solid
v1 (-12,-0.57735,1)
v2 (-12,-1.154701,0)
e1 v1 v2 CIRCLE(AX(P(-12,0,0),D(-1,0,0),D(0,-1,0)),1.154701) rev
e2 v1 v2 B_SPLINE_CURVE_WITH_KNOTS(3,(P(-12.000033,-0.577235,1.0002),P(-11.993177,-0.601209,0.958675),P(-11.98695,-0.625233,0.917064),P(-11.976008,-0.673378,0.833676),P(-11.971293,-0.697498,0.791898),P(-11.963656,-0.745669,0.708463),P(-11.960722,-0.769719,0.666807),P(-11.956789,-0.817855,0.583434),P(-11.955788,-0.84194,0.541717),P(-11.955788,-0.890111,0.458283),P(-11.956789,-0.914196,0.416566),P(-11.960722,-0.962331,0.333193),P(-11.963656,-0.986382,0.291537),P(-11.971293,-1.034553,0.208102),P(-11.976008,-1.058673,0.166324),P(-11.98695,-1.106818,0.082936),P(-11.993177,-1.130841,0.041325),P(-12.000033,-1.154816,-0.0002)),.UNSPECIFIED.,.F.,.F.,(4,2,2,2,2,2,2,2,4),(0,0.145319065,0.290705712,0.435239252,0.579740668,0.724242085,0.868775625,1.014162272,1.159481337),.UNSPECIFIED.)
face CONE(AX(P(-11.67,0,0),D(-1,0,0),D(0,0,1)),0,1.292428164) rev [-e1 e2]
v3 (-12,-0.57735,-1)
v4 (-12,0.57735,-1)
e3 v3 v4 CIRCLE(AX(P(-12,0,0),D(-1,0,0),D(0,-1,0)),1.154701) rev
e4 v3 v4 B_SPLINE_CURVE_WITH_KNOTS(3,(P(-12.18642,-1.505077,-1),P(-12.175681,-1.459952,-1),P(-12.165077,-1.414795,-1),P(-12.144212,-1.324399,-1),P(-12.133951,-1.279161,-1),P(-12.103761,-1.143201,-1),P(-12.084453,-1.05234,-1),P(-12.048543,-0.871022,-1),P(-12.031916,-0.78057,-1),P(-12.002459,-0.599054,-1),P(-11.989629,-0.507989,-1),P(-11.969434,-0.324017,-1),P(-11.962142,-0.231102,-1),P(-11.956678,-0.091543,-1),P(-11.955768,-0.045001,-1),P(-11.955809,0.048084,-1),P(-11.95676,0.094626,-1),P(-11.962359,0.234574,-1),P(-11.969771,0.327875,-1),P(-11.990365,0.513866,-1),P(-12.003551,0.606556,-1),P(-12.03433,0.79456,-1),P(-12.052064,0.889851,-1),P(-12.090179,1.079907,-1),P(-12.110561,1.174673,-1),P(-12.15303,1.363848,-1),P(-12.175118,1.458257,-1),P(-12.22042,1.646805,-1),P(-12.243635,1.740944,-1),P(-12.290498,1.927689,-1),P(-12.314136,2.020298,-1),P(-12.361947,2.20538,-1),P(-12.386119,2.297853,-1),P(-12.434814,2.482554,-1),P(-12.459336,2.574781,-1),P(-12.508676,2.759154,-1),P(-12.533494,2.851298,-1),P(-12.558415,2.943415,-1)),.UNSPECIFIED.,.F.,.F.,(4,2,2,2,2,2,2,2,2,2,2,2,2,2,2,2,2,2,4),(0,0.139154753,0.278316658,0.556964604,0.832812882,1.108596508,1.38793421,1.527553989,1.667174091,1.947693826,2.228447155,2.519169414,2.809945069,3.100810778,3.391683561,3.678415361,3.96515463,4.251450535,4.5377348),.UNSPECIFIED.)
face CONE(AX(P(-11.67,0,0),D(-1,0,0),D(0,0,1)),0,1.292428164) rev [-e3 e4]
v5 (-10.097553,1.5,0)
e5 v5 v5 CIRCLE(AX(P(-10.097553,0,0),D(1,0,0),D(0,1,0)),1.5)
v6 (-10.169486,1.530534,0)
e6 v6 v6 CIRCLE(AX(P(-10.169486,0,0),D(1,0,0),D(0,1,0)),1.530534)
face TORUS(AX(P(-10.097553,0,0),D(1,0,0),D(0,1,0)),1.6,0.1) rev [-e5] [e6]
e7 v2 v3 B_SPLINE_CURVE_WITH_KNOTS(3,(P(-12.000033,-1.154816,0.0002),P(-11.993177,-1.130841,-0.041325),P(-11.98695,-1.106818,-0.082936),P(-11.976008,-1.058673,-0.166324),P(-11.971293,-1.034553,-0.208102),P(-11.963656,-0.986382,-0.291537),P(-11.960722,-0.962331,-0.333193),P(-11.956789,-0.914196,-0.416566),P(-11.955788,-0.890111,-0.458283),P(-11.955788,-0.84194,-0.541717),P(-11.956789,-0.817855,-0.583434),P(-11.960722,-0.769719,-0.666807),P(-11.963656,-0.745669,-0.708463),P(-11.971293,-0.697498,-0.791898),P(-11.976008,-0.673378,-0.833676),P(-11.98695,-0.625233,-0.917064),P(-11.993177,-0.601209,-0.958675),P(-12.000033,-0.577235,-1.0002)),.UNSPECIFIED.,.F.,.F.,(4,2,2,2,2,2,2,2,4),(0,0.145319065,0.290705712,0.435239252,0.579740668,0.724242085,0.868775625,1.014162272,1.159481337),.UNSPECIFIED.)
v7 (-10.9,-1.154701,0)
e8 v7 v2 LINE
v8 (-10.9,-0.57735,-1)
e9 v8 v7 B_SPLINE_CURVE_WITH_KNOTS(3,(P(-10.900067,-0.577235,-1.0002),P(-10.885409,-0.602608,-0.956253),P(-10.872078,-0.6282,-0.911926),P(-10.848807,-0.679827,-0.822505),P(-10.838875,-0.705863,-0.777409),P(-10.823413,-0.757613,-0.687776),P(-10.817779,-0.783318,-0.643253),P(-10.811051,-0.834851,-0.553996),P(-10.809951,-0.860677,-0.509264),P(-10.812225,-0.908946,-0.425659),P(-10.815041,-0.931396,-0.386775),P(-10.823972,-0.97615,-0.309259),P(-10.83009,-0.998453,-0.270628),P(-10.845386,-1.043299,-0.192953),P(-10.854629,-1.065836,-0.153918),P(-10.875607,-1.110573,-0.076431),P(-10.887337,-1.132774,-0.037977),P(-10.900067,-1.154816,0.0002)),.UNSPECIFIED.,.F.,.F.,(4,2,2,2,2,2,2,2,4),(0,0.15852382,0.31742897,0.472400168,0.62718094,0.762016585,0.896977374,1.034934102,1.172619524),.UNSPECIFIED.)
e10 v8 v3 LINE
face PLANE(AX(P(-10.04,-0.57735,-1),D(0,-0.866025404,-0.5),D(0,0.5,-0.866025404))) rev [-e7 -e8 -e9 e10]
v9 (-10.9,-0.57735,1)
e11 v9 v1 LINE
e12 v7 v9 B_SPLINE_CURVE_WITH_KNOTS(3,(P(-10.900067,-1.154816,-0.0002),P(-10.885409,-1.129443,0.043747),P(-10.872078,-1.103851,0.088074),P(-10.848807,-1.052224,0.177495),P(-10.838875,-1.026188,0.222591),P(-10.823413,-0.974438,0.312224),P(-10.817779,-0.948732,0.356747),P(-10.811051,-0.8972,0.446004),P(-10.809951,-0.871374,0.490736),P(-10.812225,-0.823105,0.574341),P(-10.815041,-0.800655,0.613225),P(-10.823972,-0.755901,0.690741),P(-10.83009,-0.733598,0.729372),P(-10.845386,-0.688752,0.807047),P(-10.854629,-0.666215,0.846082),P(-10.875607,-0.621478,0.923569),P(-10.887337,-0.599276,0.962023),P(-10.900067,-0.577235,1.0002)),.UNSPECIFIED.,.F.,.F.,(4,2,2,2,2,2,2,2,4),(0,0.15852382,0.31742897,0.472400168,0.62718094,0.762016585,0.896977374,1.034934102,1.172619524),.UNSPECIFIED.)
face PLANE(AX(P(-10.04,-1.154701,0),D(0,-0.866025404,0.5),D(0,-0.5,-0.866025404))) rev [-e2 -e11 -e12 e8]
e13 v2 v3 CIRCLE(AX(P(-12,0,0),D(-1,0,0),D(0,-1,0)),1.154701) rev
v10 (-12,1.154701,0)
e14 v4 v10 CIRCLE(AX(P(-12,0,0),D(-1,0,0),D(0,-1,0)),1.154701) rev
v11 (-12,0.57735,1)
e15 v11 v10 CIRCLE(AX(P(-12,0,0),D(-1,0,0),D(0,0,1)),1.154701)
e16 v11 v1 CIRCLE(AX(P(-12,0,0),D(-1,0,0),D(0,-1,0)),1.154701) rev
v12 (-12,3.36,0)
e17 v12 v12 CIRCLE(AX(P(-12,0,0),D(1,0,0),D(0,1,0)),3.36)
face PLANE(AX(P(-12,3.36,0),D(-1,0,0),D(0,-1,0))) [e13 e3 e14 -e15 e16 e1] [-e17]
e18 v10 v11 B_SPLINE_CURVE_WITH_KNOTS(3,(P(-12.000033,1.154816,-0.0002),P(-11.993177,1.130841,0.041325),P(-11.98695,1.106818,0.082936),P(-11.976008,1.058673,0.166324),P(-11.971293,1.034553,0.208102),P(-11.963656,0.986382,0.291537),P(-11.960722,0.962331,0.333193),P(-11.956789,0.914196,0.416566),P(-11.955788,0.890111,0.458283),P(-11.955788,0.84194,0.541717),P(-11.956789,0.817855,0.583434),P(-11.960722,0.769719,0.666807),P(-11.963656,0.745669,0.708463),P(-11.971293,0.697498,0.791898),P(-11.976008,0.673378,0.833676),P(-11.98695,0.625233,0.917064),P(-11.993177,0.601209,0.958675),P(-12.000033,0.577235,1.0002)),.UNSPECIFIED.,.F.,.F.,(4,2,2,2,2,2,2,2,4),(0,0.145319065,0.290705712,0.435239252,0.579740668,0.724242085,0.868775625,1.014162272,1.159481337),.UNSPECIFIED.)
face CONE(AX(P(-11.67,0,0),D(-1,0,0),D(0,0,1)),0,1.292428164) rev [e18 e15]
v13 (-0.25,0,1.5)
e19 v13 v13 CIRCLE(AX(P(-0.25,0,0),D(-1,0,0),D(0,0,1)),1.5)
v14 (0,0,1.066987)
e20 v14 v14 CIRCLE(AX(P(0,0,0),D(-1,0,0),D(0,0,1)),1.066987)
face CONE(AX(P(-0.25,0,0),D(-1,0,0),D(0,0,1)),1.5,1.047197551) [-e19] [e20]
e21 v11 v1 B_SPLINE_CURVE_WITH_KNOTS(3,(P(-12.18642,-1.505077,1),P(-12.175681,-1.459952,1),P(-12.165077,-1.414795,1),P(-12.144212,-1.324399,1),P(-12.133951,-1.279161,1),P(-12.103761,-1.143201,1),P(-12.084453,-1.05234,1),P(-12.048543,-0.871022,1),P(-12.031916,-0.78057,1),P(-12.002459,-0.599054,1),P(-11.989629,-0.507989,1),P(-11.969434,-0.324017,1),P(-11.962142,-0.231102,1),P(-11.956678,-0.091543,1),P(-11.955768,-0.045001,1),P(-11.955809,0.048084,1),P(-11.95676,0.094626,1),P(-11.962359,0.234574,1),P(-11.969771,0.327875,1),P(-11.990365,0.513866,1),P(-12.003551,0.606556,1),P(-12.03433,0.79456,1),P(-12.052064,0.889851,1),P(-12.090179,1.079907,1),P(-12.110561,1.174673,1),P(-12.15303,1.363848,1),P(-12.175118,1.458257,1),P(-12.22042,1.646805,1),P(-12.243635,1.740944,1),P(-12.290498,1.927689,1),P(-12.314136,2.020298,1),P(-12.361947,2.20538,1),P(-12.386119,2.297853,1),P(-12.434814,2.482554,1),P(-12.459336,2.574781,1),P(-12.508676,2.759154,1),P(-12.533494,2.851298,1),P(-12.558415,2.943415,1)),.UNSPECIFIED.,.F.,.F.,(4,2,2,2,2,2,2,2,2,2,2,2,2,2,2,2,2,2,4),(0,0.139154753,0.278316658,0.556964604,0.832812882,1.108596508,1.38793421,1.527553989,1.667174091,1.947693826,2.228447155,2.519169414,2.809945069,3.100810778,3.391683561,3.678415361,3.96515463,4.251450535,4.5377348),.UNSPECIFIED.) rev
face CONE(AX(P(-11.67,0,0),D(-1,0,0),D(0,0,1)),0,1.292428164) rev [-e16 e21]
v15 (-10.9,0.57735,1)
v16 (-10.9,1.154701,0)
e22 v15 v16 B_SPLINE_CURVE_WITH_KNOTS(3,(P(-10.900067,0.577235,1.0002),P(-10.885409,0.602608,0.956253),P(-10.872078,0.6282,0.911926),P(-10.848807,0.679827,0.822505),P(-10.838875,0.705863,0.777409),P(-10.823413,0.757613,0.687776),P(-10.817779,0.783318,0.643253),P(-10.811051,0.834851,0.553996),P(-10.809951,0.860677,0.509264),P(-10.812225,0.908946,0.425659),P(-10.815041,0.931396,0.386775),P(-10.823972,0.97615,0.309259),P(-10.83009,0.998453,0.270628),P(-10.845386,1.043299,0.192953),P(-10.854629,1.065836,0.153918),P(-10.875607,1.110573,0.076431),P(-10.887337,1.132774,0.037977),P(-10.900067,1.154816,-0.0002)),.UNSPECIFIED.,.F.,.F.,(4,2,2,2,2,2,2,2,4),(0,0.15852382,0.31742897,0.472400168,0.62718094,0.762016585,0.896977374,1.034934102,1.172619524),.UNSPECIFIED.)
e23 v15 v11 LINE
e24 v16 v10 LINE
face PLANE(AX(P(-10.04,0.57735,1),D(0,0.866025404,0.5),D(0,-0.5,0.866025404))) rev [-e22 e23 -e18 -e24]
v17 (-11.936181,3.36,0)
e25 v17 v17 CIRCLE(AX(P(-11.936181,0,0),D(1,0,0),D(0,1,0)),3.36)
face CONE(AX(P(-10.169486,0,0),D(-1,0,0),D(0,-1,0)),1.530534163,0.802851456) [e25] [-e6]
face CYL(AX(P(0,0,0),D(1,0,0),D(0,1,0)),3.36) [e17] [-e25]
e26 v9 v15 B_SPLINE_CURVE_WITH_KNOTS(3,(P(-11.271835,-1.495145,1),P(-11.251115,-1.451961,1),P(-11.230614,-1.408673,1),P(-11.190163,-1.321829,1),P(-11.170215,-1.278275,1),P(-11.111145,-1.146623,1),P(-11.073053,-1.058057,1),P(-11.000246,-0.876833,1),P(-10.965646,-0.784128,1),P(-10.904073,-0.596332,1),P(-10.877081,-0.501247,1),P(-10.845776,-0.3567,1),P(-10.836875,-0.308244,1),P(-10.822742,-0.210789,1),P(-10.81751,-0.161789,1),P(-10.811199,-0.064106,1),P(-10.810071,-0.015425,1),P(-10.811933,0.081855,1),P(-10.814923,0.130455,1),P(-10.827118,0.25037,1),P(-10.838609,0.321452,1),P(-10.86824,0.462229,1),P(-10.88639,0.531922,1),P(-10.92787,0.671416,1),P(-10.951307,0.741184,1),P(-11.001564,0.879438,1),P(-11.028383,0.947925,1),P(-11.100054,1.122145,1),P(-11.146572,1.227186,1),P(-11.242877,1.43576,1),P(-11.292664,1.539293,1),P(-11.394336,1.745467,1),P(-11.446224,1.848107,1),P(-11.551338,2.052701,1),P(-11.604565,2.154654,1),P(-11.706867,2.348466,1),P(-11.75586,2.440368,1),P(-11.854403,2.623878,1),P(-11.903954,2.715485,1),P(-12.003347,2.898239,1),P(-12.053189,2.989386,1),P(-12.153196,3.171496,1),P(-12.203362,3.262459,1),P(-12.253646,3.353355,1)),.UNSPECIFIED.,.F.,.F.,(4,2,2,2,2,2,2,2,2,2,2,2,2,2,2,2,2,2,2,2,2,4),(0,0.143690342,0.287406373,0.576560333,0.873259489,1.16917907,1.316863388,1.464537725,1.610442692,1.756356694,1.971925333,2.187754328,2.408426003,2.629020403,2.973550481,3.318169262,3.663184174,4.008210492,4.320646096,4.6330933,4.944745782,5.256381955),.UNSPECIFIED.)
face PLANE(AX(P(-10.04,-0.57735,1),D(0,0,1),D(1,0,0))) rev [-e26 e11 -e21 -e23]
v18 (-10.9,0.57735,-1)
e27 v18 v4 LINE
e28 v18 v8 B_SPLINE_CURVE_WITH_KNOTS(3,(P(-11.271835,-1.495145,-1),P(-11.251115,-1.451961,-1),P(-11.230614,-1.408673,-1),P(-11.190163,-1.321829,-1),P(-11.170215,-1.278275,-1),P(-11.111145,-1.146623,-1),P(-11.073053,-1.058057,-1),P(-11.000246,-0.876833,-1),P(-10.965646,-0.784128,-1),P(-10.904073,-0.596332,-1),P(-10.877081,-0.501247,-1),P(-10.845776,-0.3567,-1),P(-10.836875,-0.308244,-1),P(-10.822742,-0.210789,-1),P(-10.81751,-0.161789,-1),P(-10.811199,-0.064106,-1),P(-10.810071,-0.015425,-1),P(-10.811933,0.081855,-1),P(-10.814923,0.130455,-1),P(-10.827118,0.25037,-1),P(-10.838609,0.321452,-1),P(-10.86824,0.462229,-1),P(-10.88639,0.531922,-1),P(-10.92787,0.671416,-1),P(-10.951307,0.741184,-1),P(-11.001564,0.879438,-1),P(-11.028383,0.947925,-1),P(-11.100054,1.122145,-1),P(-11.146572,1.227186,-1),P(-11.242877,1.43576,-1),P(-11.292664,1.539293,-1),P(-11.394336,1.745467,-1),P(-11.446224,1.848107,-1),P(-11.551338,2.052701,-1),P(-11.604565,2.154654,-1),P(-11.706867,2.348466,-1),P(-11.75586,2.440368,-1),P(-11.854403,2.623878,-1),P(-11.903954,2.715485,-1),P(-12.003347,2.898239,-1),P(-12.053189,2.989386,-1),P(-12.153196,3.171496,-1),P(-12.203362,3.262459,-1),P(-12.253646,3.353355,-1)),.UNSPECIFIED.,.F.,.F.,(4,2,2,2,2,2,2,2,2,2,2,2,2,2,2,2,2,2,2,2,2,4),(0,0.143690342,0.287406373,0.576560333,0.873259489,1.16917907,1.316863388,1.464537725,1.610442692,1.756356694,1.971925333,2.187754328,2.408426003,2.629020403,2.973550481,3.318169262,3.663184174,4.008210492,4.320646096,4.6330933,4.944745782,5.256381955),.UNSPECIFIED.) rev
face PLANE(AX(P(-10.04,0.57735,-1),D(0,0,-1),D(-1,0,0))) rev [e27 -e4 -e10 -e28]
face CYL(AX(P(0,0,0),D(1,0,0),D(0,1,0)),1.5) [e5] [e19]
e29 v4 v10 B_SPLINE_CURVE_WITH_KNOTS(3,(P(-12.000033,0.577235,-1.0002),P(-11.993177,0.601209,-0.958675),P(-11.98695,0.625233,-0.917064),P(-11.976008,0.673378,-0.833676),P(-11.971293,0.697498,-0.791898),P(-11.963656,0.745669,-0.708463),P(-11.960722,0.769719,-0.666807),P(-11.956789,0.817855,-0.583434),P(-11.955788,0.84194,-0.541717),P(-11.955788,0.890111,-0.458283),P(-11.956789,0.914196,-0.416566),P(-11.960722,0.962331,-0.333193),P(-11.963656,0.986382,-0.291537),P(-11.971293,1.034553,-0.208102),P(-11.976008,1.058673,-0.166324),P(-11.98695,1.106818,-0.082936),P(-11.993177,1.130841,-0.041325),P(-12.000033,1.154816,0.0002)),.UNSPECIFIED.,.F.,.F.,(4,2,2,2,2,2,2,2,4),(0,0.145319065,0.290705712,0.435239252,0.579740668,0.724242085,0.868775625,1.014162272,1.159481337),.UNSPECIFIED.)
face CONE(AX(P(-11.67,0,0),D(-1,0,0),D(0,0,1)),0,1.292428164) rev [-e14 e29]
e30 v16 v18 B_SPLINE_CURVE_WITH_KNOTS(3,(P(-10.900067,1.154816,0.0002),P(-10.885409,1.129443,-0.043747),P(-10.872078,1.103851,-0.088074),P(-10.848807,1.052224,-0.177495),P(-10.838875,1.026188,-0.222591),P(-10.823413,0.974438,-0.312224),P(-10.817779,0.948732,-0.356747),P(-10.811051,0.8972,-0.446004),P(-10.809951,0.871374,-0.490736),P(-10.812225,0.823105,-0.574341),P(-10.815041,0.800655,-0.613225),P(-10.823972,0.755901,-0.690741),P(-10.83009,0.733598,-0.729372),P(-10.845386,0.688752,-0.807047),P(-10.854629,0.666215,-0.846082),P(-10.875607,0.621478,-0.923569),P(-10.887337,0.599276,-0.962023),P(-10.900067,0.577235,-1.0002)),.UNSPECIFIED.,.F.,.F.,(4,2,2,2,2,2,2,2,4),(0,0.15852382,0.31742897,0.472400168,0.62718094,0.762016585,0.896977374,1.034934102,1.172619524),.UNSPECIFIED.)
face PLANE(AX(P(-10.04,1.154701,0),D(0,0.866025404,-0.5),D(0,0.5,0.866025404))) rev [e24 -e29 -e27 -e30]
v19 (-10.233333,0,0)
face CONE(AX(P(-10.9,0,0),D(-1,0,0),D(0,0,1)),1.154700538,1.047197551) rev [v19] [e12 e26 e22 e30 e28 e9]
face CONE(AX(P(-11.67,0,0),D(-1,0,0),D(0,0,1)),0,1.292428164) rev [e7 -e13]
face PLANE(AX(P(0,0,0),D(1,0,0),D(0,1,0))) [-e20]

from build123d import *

# Parameters (mm, degrees)
CUT_EXTRUDE_1_DEPTH = 1.96


with BuildPart() as part:
    # 草图1 → 旋转1 (revolve)
    with BuildSketch(Plane.XY):
        with BuildLine():
            Line((0, 1.5), (-10.097552518, 1.5))
            ThreePointArc((-10.097552518, 1.5), (-10.136625631, 1.507949515), (-10.169486498, 1.530534163))
            Line((-10.169486498, 1.530534163), (-11.936181121, 3.36))
            Line((-11.936181121, 3.36), (-12, 3.36))
            Line((-12, 3.36), (-12, 0))
            Line((-12, 0), (0, 0))
            Line((0, 0), (0, 1.5))
        make_face()
    revolve(axis=Axis((0, 0, 0), (-1, 0, 0)))

    # 草图2 → 切除-拉伸1 (cut)
    with BuildSketch(Plane.ZY.offset(12)):
        Polygon((0, 1.154700538), (-1, 0.577350269), (-1, -0.577350269), (0, -1.154700538), (1, -0.577350269), (1, 0.577350269), align=None)
    extrude(amount=-CUT_EXTRUDE_1_DEPTH, mode=Mode.SUBTRACT)

    # 草图6 → 旋转2 (revolve)
    with BuildSketch(Plane.XY):
        Polygon((-10.9, 1.154700538), (-10.233333333, 0), (-9.74, 0), (-9.74, 1.154700538), align=None)
    revolve(axis=Axis((-12, 0, 0), (1, 0, 0)))

    # 草图7 → 切除-旋转2 (revolve, cut)
    with BuildSketch(Plane.XY):
        Polygon((-12, 1.154700538), (-12, 0), (-11.67, 0), align=None)
    revolve(axis=Axis((-12, 0, 0), (1, 0, 0)), mode=Mode.SUBTRACT)

    # 草图4 → 切除-旋转1 (revolve, cut)
    with BuildSketch(Plane.XY):
        Polygon((-0.25, 1.5), (0, 1.066987298), (0.25, 1.5), align=None)
    revolve(axis=Axis((-0.25, 0, 0), (1, 0, 0)), mode=Mode.SUBTRACT)


solid = part.part
